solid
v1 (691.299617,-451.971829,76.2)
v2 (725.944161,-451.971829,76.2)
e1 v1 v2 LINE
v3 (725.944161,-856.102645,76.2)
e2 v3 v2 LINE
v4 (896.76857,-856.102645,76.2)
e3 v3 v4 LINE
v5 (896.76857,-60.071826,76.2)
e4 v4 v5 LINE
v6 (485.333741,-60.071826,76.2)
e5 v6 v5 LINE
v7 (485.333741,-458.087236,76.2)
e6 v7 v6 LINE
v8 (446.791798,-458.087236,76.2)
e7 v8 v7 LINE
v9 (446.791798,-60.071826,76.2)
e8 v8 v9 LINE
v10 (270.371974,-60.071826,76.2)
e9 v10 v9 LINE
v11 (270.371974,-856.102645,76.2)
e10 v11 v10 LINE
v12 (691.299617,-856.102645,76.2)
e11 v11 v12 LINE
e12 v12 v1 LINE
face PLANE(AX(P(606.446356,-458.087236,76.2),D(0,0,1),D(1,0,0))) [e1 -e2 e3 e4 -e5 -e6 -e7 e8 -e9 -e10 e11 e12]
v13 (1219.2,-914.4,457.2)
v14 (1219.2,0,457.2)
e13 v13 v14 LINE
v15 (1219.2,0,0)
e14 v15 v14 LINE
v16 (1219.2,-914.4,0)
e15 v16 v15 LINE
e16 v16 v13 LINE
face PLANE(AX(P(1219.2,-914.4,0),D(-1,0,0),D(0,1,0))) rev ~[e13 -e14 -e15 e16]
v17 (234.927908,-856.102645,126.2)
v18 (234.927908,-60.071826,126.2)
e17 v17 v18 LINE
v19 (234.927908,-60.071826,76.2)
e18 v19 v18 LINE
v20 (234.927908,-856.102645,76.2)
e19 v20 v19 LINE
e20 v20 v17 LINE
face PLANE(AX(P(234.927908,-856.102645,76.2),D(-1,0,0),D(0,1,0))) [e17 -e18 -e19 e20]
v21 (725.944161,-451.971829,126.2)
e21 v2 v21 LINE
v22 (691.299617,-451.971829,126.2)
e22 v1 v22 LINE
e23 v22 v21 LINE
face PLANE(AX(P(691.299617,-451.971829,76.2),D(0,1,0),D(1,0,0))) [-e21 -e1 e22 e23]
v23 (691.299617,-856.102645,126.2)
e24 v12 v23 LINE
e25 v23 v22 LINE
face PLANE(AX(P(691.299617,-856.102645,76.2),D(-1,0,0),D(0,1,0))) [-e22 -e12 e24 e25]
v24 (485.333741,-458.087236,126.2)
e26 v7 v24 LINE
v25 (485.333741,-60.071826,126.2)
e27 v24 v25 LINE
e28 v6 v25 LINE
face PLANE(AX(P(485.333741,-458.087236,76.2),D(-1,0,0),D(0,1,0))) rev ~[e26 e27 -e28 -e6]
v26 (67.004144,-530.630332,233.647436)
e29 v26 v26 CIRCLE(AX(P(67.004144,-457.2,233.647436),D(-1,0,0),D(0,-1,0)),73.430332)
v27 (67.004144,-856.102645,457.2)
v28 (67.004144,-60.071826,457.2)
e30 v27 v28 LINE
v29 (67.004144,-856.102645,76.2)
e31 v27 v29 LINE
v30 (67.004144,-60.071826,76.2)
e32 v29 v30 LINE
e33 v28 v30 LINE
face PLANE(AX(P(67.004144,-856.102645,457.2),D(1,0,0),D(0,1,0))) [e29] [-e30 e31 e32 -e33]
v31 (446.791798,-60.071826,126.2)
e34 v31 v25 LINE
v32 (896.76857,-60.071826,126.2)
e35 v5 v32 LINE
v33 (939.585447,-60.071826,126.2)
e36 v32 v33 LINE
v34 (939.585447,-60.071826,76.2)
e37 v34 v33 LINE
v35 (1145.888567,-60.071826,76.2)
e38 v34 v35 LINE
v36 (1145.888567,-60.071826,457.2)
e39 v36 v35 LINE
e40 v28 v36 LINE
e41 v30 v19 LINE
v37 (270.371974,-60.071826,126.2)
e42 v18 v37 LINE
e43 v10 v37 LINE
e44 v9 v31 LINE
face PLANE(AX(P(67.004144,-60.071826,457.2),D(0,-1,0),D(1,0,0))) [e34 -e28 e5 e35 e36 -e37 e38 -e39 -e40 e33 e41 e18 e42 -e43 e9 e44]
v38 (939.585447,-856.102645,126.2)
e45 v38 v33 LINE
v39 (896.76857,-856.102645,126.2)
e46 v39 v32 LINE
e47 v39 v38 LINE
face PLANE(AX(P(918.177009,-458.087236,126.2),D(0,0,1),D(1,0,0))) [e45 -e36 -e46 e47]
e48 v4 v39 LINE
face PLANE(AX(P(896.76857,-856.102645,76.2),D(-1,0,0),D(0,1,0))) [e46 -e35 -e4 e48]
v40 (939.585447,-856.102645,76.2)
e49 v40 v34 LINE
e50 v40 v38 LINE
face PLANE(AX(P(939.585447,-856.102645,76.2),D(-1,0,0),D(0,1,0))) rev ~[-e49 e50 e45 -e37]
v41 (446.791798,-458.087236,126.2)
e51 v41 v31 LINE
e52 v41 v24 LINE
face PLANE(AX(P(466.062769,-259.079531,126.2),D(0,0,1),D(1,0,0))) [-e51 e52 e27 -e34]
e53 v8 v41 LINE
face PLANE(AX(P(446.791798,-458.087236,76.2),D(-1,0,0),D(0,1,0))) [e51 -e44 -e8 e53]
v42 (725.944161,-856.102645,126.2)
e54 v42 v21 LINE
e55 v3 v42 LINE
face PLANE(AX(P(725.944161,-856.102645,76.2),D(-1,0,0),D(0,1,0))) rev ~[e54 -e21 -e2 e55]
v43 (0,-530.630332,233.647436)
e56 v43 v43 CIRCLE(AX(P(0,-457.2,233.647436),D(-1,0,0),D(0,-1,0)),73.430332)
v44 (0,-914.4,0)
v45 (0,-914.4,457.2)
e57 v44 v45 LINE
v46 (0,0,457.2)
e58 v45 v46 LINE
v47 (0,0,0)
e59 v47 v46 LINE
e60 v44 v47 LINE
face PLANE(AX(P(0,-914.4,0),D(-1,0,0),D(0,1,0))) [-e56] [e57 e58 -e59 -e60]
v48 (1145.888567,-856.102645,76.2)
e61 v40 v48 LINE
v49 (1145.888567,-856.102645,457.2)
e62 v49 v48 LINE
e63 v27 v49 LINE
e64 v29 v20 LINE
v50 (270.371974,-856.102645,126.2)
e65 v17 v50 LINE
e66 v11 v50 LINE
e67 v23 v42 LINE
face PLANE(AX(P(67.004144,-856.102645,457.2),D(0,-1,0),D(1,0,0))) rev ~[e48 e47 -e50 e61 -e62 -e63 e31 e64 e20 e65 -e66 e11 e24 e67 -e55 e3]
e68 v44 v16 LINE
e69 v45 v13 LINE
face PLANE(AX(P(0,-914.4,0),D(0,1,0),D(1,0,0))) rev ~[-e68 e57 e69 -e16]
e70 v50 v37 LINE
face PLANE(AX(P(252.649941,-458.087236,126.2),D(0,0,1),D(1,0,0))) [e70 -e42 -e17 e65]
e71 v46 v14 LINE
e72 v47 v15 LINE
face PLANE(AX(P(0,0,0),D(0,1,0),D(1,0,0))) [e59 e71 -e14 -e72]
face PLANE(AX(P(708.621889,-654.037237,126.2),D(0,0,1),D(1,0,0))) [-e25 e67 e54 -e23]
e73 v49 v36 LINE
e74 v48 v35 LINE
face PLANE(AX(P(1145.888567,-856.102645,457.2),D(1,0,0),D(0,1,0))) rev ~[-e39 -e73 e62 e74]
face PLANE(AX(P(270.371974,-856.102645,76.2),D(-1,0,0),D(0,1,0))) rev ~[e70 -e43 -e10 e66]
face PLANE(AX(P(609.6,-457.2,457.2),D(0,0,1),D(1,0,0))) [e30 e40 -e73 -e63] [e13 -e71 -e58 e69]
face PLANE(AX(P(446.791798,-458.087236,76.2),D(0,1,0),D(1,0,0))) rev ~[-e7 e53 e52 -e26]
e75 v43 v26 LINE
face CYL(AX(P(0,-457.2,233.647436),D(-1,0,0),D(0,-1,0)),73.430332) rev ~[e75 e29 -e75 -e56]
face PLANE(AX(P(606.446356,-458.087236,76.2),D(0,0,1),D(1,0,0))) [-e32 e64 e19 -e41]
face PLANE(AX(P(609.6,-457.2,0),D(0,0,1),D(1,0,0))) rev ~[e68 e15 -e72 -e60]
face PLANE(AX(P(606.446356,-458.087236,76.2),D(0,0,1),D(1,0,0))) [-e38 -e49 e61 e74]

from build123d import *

# Parameters (mm, degrees)
F0_W     = 1219.2
F0_H     = 914.4
F1_DEPTH = 457.2
F2_W     = 1078.8844227791
F2_H     = 796.030819416
F3_DEPTH = 381
F4_R     = 73.4303316823
F5_DEPTH = 127
F6_W     = 38.5419428349
F6_H     = 398.015409708
F6_W_2   = 34.6445441246
F6_H_2   = 404.1308164597
F6_W_3   = 42.8168773651
F6_H_3   = 796.030819416
F6_W_4   = 35.4440659285
F7_DEPTH = 50


with BuildPart() as f1:
    # F0 (on Top) → F1 (new body)
    with BuildSketch(Plane.XY):
        with Locations((609.6, -457.2)):
            Rectangle(F0_W, F0_H)
    extrude(amount=F1_DEPTH)

    # F2 (on face) → F3 (cut)
    with BuildSketch(Plane.XY.offset(457.2)):
        with Locations((606.4463555813, -458.0872356892)):
            Rectangle(F2_W, F2_H)
    extrude(amount=-F3_DEPTH, mode=Mode.SUBTRACT)

    # F4 (on face) → F5 (cut)
    with BuildSketch(Plane(origin=(0, 0, 0), x_dir=(0, -1, 0), z_dir=(-1, 0, 0))):
        with Locations((457.2, 233.6474359035)):
            Circle(F4_R)
    extrude(amount=-F5_DEPTH, mode=Mode.SUBTRACT)

    # F6 (on face) → F7 (join)
    with BuildSketch(Plane.XY.offset(76.2)):
        with Locations((466.0627692938, -259.0795308352)):
            Rectangle(F6_W, F6_H)
        with Locations((708.6218893528, -654.0372371674)):
            Rectangle(F6_W_2, F6_H_2)
        with Locations((918.1770086288, -458.0872356892)):
            Rectangle(F6_W_3, F6_H_3)
        with Locations((252.6499405503, -458.0872356892)):
            Rectangle(F6_W_4, F6_H_3)
    extrude(amount=F7_DEPTH)


solid = f1.part
